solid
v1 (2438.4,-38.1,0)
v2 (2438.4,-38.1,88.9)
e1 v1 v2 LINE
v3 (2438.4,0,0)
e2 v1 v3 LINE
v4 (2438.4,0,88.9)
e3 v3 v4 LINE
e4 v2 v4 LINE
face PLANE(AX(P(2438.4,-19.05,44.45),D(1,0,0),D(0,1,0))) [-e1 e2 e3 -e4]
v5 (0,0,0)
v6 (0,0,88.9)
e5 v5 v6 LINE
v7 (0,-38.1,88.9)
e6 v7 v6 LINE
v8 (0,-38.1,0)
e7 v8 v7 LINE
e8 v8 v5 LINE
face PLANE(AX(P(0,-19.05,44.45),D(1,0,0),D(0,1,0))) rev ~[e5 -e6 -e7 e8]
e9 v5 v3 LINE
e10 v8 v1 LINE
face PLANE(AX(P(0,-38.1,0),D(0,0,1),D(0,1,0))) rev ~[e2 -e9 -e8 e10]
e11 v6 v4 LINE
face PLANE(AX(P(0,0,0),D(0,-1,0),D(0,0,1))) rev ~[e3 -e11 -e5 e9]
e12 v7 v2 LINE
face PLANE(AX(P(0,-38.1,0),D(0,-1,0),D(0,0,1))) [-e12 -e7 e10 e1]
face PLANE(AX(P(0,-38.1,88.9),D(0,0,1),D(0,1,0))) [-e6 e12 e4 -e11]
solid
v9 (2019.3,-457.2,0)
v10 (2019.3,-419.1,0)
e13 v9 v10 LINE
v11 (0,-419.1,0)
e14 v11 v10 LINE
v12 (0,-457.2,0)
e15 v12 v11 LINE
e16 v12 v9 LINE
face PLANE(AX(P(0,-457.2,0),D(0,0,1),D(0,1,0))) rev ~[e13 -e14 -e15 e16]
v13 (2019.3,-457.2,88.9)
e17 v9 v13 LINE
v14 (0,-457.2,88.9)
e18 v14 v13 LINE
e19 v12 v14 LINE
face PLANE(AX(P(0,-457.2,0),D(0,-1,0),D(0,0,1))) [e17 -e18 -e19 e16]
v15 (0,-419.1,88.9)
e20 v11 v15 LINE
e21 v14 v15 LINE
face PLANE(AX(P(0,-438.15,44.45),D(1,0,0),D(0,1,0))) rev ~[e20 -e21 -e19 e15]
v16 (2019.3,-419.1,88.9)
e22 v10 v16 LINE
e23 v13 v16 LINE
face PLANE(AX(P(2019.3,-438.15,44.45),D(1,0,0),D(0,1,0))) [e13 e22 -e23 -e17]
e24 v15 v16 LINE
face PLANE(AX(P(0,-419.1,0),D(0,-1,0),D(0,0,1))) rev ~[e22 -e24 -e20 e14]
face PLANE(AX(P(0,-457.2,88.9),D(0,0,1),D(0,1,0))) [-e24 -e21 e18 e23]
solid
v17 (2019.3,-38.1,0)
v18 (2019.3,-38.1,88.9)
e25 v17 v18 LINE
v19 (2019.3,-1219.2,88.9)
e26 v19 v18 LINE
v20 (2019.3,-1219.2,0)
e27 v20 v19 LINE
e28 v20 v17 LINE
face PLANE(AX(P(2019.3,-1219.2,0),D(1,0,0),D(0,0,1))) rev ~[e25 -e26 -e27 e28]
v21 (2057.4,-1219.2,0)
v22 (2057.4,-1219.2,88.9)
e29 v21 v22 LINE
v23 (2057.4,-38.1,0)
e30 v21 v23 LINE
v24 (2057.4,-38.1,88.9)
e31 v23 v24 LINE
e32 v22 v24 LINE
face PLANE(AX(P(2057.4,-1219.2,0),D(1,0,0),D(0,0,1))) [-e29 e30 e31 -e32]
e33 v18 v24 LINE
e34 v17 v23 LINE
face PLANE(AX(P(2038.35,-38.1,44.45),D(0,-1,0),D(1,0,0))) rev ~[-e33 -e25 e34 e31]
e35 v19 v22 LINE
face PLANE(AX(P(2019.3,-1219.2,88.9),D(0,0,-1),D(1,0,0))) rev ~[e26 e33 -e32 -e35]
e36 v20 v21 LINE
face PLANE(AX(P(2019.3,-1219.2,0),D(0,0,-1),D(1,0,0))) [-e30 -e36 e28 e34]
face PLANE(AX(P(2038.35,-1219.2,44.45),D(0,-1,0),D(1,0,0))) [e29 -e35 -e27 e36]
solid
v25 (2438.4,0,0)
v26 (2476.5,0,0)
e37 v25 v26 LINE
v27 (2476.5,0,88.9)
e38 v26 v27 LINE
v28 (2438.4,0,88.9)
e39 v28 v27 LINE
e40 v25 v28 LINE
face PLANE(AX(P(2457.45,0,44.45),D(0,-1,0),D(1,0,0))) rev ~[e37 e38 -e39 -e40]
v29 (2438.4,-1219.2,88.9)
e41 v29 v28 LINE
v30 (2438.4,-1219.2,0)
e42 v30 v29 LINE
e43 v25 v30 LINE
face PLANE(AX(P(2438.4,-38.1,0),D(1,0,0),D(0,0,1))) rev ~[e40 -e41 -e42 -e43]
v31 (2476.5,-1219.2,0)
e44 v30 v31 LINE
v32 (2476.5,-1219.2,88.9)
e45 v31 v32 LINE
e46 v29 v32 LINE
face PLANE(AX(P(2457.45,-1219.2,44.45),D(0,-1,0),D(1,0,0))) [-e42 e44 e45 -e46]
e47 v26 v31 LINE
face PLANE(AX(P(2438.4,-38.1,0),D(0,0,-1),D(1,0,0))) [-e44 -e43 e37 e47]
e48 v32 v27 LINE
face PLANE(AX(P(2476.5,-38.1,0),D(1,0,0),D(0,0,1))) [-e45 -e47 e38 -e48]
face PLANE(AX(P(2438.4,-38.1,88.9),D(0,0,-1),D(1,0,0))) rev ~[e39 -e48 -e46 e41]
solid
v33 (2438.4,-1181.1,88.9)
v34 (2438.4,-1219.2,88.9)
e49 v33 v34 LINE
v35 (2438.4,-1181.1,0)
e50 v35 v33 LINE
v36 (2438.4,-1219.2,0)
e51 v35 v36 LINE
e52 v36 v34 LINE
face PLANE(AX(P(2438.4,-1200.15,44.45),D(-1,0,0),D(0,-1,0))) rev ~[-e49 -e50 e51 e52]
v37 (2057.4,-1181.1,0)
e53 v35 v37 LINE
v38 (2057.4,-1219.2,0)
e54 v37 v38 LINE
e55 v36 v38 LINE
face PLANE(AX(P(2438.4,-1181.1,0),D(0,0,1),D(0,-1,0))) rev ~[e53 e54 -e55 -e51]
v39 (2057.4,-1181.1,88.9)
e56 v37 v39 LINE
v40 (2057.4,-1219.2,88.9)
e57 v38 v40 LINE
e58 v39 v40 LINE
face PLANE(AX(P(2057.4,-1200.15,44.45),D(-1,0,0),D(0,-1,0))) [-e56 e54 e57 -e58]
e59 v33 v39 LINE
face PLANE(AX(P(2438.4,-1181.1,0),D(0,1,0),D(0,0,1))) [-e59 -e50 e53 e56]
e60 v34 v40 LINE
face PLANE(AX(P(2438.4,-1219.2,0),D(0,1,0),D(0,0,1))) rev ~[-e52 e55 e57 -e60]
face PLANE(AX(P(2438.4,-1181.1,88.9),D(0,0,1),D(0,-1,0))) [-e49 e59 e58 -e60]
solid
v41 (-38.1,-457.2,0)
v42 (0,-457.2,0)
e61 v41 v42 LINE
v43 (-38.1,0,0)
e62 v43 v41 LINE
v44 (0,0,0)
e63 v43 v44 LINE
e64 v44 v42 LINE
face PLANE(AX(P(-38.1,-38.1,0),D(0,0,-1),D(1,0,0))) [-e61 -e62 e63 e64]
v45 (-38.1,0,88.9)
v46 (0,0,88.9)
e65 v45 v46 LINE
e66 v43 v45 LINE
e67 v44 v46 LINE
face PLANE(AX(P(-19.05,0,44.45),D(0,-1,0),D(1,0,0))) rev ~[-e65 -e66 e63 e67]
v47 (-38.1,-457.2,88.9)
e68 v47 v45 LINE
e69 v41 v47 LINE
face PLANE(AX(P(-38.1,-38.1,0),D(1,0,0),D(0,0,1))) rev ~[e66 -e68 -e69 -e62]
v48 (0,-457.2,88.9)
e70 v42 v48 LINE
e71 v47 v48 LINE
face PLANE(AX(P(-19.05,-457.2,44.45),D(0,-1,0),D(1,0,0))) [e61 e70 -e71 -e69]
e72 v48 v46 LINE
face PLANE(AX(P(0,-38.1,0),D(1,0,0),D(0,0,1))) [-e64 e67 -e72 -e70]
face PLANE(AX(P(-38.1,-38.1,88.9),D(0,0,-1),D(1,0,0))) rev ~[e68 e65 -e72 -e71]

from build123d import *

# Parameters (mm, degrees)
F0_W          = 38.1
F0_H          = 88.9
F1_DEPTH      = 2438.4
F2_W          = 38.1
F2_H          = 88.9
F3_DEPTH      = 419.1
F3_DEPTH_BACK = 38.1
F4_W          = 38.1
F4_H          = 88.9
F5_DEPTH      = 2019.3
F6_W          = 38.1
F6_H          = 88.9
F7_DEPTH      = 1181.1
F7_DEPTH_BACK = 38.1
F8_W          = 38.1
F8_H          = 88.9
F9_DEPTH      = 381
F10_W         = 38.1
F10_H         = 88.9
F11_DEPTH     = 1181.1


with BuildPart() as f1:
    # F0 (on Right) → F1 (new body)
    with BuildSketch(Plane.YZ):
        with Locations((-19.05, 44.45)):
            Rectangle(F0_W, F0_H)
    extrude(amount=F1_DEPTH)


with BuildPart() as f3:
    # F2 (on face) → F3 (new body, two sides)
    with BuildSketch(Plane.XZ.offset(38.1)) as f3_sk:
        with Locations((-19.05, 44.45)):
            Rectangle(F2_W, F2_H)
    extrude(amount=F3_DEPTH)
    extrude(f3_sk.sketch, amount=-F3_DEPTH_BACK)


with BuildPart() as f5:
    # F4 (on Right) → F5 (new body)
    with BuildSketch(Plane.YZ):
        with Locations((-438.15, 44.45)):
            Rectangle(F4_W, F4_H)
    extrude(amount=F5_DEPTH)


with BuildPart() as f7:
    # F6 (on face) → F7 (new body, two sides)
    with BuildSketch(Plane.XZ.offset(38.1)) as f7_sk:
        with Locations((2457.45, 44.45)):
            Rectangle(F6_W, F6_H)
    extrude(amount=F7_DEPTH)
    extrude(f7_sk.sketch, amount=-F7_DEPTH_BACK)


with BuildPart() as f9:
    # F8 (on face) → F9 (new body)
    with BuildSketch(Plane(origin=(2438.4, 0, 0), x_dir=(0, -1, 0), z_dir=(-1, 0, 0))):
        with Locations((1200.15, 44.45)):
            Rectangle(F8_W, F8_H)
    extrude(amount=F9_DEPTH)


with BuildPart() as f11:
    # F10 (on face) → F11 (new body, through all)
    with BuildSketch(Plane.XZ.offset(1219.2)):
        with Locations((2038.35, 44.45)):
            Rectangle(F10_W, F10_H)
    extrude(amount=-F11_DEPTH)


solid = Compound([f1.part, f3.part, f5.part, f7.part, f9.part, f11.part])
